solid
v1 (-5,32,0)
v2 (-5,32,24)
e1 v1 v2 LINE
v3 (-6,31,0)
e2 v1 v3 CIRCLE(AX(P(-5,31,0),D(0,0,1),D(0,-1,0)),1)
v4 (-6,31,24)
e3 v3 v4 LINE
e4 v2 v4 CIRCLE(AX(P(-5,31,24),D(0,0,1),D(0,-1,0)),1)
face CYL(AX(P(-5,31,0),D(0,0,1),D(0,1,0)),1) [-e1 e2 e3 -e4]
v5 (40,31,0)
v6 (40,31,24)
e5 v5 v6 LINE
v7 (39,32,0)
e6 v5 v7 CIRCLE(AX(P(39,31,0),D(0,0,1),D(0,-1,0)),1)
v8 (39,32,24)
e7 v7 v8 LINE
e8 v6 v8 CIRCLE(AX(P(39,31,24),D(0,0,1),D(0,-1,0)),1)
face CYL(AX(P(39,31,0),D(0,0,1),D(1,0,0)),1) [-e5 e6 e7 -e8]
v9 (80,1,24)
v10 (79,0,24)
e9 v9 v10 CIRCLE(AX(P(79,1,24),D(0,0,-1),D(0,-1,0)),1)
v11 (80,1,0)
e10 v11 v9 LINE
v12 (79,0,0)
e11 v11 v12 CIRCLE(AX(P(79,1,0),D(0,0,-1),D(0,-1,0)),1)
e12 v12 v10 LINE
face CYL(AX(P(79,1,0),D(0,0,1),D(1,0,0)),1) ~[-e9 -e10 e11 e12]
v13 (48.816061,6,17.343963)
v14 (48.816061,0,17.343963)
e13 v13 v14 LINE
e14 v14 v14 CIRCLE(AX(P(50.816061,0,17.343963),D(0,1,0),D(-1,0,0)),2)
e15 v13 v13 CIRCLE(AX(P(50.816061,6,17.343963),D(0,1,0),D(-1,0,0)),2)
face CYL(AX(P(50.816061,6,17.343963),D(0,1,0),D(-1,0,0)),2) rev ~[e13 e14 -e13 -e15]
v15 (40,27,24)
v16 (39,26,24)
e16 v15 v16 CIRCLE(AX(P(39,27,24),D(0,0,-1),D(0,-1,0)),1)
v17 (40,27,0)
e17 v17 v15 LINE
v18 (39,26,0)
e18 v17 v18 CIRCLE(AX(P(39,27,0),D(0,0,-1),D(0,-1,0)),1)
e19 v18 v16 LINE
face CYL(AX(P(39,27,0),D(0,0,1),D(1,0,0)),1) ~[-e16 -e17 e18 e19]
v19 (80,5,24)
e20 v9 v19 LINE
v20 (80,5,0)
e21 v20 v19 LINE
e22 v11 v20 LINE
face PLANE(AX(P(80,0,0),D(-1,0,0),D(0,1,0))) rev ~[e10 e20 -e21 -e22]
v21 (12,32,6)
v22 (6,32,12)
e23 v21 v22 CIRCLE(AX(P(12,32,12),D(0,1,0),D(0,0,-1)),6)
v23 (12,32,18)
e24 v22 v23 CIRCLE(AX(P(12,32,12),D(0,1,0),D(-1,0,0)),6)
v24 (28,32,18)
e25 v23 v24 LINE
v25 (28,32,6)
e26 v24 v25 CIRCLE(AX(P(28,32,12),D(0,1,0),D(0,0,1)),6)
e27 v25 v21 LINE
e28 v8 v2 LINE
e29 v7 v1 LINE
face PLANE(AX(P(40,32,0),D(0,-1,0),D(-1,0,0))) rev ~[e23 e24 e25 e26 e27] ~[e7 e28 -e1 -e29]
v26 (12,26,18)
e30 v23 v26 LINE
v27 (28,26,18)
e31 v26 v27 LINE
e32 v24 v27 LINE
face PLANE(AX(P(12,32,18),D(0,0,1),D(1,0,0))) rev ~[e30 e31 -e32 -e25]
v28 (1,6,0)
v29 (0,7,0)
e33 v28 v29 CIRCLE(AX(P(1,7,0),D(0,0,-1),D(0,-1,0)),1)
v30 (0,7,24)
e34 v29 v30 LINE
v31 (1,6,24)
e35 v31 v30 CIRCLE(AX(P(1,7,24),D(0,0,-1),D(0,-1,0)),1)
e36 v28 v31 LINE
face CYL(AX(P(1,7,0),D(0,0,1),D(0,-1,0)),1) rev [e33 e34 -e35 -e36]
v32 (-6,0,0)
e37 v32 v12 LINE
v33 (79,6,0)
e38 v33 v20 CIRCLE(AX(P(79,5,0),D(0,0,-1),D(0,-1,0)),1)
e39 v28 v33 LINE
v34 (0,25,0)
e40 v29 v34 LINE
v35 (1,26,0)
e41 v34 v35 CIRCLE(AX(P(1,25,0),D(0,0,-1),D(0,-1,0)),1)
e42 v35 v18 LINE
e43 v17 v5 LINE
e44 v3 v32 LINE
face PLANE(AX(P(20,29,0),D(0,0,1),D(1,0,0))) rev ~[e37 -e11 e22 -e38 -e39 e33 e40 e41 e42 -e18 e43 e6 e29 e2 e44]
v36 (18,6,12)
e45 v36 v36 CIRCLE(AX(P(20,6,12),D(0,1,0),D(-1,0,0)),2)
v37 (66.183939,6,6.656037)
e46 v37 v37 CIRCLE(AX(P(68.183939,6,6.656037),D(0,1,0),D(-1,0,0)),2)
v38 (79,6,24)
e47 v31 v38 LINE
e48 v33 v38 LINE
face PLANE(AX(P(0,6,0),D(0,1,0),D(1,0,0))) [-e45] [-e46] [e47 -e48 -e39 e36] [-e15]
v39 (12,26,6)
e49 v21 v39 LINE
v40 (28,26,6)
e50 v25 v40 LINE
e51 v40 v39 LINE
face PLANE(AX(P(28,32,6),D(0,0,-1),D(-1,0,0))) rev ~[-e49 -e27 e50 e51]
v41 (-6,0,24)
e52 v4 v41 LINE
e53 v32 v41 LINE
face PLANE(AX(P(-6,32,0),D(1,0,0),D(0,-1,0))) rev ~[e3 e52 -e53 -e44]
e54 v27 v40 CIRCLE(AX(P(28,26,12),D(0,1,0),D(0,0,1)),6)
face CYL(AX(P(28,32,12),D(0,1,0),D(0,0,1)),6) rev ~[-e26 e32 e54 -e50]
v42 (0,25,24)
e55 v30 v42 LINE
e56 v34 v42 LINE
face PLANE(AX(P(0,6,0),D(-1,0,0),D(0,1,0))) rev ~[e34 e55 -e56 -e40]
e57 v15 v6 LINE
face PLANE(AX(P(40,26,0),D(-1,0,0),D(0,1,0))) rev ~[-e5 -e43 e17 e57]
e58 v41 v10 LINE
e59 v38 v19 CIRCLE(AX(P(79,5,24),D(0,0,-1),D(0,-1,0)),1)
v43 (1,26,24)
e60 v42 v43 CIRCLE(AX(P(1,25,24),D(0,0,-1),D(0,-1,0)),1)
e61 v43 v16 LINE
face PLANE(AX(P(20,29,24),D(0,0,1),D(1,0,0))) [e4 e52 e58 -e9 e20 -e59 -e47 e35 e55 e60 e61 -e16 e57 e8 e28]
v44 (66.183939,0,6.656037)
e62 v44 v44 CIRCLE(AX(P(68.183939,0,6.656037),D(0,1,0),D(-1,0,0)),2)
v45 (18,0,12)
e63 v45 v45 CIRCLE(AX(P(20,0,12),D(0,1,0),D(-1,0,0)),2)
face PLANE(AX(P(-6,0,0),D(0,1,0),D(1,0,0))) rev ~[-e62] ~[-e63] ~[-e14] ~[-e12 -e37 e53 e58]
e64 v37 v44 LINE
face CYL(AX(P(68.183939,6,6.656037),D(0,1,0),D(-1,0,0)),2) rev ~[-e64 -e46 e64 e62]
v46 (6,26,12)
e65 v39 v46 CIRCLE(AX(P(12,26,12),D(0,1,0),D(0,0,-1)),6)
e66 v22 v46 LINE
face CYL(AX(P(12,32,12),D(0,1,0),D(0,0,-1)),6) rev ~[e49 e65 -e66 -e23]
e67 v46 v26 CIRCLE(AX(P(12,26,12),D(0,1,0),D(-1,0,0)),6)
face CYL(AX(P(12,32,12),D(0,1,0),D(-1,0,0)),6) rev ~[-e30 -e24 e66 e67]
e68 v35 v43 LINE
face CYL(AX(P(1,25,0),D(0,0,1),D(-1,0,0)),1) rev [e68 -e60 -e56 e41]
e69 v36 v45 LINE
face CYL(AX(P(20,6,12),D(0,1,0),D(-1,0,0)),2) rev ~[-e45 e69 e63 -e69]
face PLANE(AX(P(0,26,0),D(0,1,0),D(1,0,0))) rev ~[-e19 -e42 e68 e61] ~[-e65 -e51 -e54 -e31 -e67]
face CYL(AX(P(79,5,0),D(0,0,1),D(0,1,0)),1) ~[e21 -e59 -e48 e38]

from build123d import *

# Parameters (mm, degrees)
F0_W      = 40
F0_H      = 6
F0_W_2    = 80
F1_DEPTH  = 24
F2_R      = 1
F3_R      = 1
F4_R      = 1
F5_R      = 1
F6_R      = 1
F7_R      = 1
F8_R      = 1
F10_DEPTH = 6
F11_R     = 2
F12_DEPTH = 6


with BuildPart() as f1:
    # F0 (on Top) → F1 (new body)
    with BuildSketch(Plane.XY):
        with Locations((20, 29)):
            Rectangle(F0_W, F0_H)
        with Locations((40, 3)):
            Rectangle(F0_W_2, F0_H)
        Polygon((-6, 0), (0, 0), (0, 6), (0, 26), (0, 32), (-6, 32), align=None)
    extrude(amount=F1_DEPTH)

    # F2
    f2_edges = [f1.edges().sort_by_distance(p)[0] for p in [
        (0, 6, 12),
    ]]
    fillet(f2_edges, radius=F2_R)

    # F3
    f3_edges = [f1.edges().sort_by_distance(p)[0] for p in [
        (80, 6, 12),
    ]]
    fillet(f3_edges, radius=F3_R)

    # F4
    f4_edges = [f1.edges().sort_by_distance(p)[0] for p in [
        (80, 0, 12),
    ]]
    fillet(f4_edges, radius=F4_R)

    # F5
    f5_edges = [f1.edges().sort_by_distance(p)[0] for p in [
        (0, 26, 12),
    ]]
    fillet(f5_edges, radius=F5_R)

    # F6
    f6_edges = [f1.edges().sort_by_distance(p)[0] for p in [
        (40, 32, 12),
    ]]
    fillet(f6_edges, radius=F6_R)

    # F7
    f7_edges = [f1.edges().sort_by_distance(p)[0] for p in [
        (40, 26, 12),
    ]]
    fillet(f7_edges, radius=F7_R)

    # F8
    f8_edges = [f1.edges().sort_by_distance(p)[0] for p in [
        (-6, 32, 12),
    ]]
    fillet(f8_edges, radius=F8_R)

    # F9 (on face) → F10 (cut)
    with BuildSketch(Plane(origin=(0, 32, 0), x_dir=(-1, 0, 0), z_dir=(0, 1, 0))):
        with BuildLine():
            ThreePointArc((-28, 6), (-23.7573593129, 7.7573593129), (-22, 12))
            ThreePointArc((-22, 12), (-23.7573593129, 16.2426406871), (-28, 18))
            Line((-28, 18), (-28, 6))
        make_face()
        with BuildLine():
            ThreePointArc((-28, 18), (-23.7573593129, 16.2426406871), (-22, 12))
            ThreePointArc((-22, 12), (-23.7573593129, 7.7573593129), (-28, 6))
            Line((-28, 6), (-12, 6))
            ThreePointArc((-12, 6), (-18, 12), (-12, 18))
            Line((-12, 18), (-28, 18))
        make_face()
        with BuildLine():
            Line((-28, 6), (-28, 18))
            ThreePointArc((-28, 18), (-34, 12), (-28, 6))
        make_face()
        with BuildLine():
            Line((-12, 6), (-12, 18))
            ThreePointArc((-12, 18), (-18, 12), (-12, 6))
        make_face()
        with BuildLine():
            ThreePointArc((-6, 12), (-7.7573593129, 16.2426406871), (-12, 18))
            Line((-12, 18), (-12, 6))
            ThreePointArc((-12, 6), (-7.7573593129, 7.7573593129), (-6, 12))
        make_face()
    extrude(amount=-F10_DEPTH, mode=Mode.SUBTRACT)

    # F11 (on face) → F12 (cut)
    with BuildSketch(Plane(origin=(0, 6, 0), x_dir=(-1, 0, 0), z_dir=(0, 1, 0))):
        with Locations((-20, 12)):
            Circle(F11_R)
        with Locations((-68.1839393779, 6.6560373059)):
            Circle(F11_R)
        with Locations((-50.8160606221, 17.3439626941)):
            Circle(F11_R)
    extrude(amount=-F12_DEPTH, mode=Mode.SUBTRACT)


solid = f1.part
